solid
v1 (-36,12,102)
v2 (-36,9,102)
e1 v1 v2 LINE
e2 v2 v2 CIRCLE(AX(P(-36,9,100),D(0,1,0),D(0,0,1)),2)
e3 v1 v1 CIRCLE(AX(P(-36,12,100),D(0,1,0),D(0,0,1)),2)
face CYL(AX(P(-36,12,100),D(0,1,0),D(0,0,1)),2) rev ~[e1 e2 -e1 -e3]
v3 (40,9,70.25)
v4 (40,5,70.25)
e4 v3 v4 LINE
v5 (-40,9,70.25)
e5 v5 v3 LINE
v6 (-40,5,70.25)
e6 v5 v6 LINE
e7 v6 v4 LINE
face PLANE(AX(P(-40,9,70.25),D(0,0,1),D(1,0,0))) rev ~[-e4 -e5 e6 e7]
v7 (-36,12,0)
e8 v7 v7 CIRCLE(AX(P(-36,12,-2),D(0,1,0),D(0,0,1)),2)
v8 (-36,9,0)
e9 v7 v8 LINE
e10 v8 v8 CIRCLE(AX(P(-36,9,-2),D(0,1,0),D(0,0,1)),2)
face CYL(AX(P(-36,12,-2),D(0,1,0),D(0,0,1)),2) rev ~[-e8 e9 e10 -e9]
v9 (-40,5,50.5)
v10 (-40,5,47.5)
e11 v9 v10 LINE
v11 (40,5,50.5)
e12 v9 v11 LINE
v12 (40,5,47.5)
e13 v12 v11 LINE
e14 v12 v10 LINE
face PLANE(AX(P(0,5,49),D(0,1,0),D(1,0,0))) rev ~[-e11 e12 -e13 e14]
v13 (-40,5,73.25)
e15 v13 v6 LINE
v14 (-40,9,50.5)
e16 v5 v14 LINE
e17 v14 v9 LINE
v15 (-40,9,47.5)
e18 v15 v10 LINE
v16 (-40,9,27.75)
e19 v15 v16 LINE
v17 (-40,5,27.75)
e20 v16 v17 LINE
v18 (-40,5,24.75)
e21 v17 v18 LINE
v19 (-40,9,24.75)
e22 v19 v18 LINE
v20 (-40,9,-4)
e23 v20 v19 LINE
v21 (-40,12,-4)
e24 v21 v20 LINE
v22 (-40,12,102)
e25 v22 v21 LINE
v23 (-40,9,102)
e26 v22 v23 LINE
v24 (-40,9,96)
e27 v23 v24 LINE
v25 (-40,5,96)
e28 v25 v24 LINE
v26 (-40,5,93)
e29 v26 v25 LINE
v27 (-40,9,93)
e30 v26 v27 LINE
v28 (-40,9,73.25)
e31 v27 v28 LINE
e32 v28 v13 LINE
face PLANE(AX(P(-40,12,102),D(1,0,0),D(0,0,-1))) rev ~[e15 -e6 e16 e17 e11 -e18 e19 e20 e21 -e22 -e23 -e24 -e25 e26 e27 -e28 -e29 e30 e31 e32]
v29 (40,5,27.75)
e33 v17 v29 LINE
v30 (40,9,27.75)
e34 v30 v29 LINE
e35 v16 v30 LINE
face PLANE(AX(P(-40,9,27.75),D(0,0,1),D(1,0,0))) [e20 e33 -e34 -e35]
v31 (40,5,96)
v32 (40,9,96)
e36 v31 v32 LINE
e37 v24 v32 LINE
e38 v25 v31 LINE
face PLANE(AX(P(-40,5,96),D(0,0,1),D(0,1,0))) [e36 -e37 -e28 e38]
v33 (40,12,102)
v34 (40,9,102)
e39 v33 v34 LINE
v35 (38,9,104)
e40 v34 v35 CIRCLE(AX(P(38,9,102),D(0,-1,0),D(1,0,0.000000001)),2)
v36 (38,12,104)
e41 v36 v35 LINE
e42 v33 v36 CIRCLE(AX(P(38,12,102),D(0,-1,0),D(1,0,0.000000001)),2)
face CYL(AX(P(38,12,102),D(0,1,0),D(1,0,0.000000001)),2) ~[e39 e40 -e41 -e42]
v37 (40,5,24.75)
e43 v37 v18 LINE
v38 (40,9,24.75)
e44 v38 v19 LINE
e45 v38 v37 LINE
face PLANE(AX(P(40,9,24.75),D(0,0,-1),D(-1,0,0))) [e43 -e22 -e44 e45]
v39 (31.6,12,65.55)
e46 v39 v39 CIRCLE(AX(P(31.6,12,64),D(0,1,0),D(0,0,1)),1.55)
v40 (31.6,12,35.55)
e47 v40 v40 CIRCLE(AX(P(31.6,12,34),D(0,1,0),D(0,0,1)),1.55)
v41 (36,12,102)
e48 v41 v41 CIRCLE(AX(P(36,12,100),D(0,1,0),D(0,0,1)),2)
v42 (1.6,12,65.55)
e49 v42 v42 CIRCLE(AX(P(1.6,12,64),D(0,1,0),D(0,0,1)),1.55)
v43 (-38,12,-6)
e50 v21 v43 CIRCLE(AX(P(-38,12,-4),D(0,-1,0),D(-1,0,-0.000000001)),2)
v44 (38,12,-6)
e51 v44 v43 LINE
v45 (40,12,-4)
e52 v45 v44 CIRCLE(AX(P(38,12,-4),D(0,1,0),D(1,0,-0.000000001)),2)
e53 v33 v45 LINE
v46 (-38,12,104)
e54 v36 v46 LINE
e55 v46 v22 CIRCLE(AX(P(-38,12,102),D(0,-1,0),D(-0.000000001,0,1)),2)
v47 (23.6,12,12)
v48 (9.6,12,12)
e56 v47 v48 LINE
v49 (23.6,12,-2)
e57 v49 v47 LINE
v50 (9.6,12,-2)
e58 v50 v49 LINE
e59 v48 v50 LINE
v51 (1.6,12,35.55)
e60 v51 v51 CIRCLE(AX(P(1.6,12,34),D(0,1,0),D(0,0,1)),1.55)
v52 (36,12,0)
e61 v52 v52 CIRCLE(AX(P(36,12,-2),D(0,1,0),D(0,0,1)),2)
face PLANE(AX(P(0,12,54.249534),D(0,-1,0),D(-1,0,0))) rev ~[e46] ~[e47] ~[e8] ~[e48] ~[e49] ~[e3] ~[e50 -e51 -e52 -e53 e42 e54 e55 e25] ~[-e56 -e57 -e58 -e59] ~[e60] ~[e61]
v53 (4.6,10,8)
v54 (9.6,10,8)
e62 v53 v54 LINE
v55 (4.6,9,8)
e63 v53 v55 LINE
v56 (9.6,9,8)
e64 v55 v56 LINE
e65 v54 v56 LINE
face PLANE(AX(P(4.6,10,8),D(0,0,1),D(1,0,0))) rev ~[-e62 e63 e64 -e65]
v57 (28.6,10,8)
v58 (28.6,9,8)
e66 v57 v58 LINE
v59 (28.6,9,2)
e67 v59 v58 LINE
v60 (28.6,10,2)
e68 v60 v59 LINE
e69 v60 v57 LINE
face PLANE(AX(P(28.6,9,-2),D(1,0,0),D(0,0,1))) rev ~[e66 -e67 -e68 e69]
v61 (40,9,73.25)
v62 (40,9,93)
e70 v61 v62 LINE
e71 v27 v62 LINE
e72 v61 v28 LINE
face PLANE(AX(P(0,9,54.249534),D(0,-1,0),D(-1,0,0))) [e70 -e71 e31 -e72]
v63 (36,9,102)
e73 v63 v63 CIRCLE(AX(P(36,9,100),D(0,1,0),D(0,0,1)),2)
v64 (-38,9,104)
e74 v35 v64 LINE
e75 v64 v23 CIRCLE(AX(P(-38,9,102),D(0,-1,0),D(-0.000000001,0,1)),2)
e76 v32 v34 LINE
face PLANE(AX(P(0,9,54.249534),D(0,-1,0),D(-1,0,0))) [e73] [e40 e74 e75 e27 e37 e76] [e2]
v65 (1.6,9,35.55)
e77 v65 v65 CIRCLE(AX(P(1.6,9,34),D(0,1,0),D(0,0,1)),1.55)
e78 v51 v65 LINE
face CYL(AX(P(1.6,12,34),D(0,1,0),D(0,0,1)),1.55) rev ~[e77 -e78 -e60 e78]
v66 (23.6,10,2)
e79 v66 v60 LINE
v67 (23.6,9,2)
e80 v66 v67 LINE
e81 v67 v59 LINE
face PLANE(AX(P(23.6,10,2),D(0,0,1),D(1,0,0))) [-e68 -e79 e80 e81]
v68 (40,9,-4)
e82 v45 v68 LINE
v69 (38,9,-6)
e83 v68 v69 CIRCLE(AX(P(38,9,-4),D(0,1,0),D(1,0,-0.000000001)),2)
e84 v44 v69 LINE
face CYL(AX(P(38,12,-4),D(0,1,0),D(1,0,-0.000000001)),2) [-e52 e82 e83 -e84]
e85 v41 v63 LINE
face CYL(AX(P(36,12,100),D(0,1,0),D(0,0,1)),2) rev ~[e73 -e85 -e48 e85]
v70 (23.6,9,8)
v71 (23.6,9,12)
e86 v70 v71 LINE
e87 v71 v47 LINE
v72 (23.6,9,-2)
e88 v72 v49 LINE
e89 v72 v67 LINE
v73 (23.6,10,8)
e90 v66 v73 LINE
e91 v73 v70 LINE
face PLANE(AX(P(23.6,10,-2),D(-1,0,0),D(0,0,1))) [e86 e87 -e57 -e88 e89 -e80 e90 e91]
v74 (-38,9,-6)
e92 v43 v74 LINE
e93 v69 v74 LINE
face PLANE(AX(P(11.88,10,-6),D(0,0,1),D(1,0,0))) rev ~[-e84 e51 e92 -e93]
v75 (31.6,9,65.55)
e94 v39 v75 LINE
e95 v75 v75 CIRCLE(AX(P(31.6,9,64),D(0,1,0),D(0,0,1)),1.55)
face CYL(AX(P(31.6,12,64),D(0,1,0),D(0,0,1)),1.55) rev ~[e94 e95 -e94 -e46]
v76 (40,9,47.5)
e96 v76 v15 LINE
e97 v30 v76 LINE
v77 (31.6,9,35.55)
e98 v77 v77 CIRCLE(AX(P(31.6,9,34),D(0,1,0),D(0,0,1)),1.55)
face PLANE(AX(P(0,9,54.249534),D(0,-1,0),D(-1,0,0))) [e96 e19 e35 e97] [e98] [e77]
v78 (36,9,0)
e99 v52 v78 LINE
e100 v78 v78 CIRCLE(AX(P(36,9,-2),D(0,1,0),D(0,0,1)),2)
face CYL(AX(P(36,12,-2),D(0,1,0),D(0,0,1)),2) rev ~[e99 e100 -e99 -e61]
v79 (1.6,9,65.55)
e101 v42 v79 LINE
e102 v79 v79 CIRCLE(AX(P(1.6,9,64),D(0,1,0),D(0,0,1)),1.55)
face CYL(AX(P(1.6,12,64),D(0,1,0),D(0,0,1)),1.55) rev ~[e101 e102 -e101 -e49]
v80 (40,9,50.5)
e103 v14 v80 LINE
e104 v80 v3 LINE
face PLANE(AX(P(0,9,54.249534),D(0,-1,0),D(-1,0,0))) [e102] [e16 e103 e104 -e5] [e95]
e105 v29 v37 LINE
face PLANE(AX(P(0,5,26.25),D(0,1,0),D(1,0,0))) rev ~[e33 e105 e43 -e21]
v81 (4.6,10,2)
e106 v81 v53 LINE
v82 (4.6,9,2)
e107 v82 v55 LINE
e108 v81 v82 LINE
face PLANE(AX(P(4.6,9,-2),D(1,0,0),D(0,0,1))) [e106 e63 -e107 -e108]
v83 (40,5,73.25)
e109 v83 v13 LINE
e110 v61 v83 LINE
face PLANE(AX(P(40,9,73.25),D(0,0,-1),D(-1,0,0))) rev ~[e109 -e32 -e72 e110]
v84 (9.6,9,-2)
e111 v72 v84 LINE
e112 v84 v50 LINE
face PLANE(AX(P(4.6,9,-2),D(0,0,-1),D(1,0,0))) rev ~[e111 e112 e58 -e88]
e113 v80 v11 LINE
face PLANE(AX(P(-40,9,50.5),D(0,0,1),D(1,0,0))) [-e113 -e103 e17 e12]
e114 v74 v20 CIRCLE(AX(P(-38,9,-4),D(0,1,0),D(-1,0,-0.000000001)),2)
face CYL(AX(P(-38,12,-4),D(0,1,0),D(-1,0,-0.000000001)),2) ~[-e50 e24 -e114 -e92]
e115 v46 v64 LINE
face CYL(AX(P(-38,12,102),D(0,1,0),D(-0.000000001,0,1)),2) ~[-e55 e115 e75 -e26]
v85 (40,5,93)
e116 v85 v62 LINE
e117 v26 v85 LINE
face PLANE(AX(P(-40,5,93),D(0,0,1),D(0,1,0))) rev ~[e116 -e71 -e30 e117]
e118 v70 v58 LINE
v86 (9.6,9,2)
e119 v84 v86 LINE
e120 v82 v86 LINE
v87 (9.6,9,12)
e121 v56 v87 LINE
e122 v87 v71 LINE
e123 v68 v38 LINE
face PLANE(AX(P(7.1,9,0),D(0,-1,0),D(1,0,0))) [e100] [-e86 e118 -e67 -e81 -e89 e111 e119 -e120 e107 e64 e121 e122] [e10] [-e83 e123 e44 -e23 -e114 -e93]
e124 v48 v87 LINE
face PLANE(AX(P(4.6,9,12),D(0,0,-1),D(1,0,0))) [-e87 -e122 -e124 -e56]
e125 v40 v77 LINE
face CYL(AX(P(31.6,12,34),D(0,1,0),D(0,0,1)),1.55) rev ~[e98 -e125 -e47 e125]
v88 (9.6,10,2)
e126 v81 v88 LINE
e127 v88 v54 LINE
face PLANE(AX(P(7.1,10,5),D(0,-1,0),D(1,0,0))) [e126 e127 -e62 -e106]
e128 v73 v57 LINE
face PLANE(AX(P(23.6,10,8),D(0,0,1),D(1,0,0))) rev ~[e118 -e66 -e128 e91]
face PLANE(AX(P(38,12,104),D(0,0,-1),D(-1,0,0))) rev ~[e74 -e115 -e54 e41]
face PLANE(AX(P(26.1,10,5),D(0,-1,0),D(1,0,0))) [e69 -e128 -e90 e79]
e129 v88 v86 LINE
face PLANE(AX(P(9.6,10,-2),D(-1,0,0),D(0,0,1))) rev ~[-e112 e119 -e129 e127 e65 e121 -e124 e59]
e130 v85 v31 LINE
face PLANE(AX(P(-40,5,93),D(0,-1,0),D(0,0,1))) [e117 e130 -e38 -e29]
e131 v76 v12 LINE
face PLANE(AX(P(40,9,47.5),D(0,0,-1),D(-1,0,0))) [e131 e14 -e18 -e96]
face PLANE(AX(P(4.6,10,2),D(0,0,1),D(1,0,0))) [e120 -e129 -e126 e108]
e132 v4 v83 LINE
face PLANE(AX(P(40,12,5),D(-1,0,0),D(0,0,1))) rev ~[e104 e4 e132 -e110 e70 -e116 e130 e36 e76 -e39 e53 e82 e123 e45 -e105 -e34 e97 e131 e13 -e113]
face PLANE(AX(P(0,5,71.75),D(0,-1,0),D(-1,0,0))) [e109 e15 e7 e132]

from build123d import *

# Parameters (mm, degrees)
EXTRUDE_1_DEPTH      = 12
CUT_EXTRUDE_1_DEPTH  = 12
SKETCH_3_R           = 2
CUT_EXTRUDE_2_DEPTH  = 12
CUT_EXTRUDE_3_DEPTH  = 1
SKETCH_5_W           = 80
SKETCH_5_H           = 4
CUT_EXTRUDE_4_DEPTH  = 20
EXTRUDE_2_DEPTH      = 1
SKETCH_7_W           = 0.2
SKETCH_7_H           = 8
CUT_EXTRUDE_5_DEPTH  = 1
SKETCH_8_R           = 2
EXTRUDE_3_DEPTH      = 4
SKETCH_9_W           = 80
SKETCH_9_H           = 9
CUT_EXTRUDE_6_DEPTH  = 14
SKETCH_10_W          = 9.44
SKETCH_10_H          = 1
CUT_EXTRUDE_7_DEPTH  = 14
SKETCH_11_W          = 9.44
SKETCH_11_H          = 1
EXTRUDE_4_DEPTH      = 8
CUT_EXTRUDE_8_DEPTH  = 8
SKETCH_13_W          = 80
SKETCH_13_H          = 3
EXTRUDE_5_DEPTH      = 7
SKETCH_14_R          = 1.6
EXTRUDE_7_DEPTH      = 3
SKETCH_16_W          = 3
SKETCH_16_H          = 4
EXTRUDE_8_DEPTH      = 80
SKETCH_17_R          = 1.55
CUT_EXTRUDE_11_DEPTH = 7
SKETCH_21_R          = 2
CUT_EXTRUDE_12_DEPTH = 7
EXTRUDE_9_DEPTH      = 4
SKETCH_23_W          = 3
SKETCH_23_H          = 4
CUT_EXTRUDE_13_DEPTH = 200
CUT_EXTRUDE_15_DEPTH = 5
SKETCH_25_W          = 9.44
SKETCH_25_H          = 4
CUT_EXTRUDE_16_DEPTH = 5
SKETCH_26_W          = 9.44
SKETCH_26_H          = 4
EXTRUDE_10_DEPTH     = 2
SKETCH_27_W          = 9.44
SKETCH_27_H          = 4
EXTRUDE_11_DEPTH     = 1
SKETCH_28_W          = 5
SKETCH_28_H          = 14
CUT_EXTRUDE_17_DEPTH = 1
SKETCH_29_W          = 5
SKETCH_29_H          = 4
EXTRUDE_12_DEPTH     = 1


with BuildPart() as part:
    # 草图1 → 凸台-拉伸1 (new body)
    with BuildSketch(Plane(origin=(0, 0, 0), x_dir=(1, 0, 0), z_dir=(0, 1, 0))):
        Polygon((-40, -6), (0, -6), (40, -6), (40, 0), (40, 6), (0, 6), (-36, 6), (-40, 6), align=None)
    extrude(amount=EXTRUDE_1_DEPTH)

    # 草图2 → 切除-拉伸1 (cut)
    with BuildSketch(Plane.XY.offset(6)):
        Polygon((-28, 0), (0, 0), (28, 0), (28, 4), (28, 8), (-28, 8), (-28, 4), align=None)
        Polygon((-40, 4), (-32, 4), (-32, 8), (-32, 12), (-40, 12), align=None)
        Polygon((32, 8), (32, 4), (40, 4), (40, 12), (32, 12), align=None)
    extrude(amount=-CUT_EXTRUDE_1_DEPTH, mode=Mode.SUBTRACT)

    # 草图3 → 切除-拉伸2 (cut)
    with BuildSketch(Plane(origin=(0, 12, 0), x_dir=(1, 0, 0), z_dir=(0, 1, 0))):
        with BuildLine():
            Line((-40, 6), (-40, 4))
            ThreePointArc((-40, 4), (-39.414213562, 5.414213562), (-38, 6))
            Line((-38, 6), (-40, 6))
        make_face()
        with Locations(Location((-36, 2, 0), (0, 0, 270))):
            Circle(SKETCH_3_R)
        with BuildLine():
            ThreePointArc((40, 4), (39.414213562, 5.414213562), (38, 6))
            Line((38, 6), (40, 6))
            Line((40, 6), (40, 4))
        make_face()
        with Locations(Location((36, 2, 0), (0, 0, 270))):
            Circle(SKETCH_3_R)
    extrude(amount=-CUT_EXTRUDE_2_DEPTH, mode=Mode.SUBTRACT)

    # 草图4 → 切除-拉伸3 (cut)
    with BuildSketch(Plane(origin=(0, 12, 0), x_dir=(1, 0, 0), z_dir=(0, 1, 0))):
        Polygon((-21.1, 0), (-21.1, 6), (-16.6, 6), (-12.1, 6), (12.08, 6), (16.6, 6), (21.12, 6), (21.12, -1), (21.12, -6), (16.6, -6), (12.08, -6), (12.08, -1), (12.08, 0), (-12.1, 0), (-12.1, -6), (-16.6, -6), (-21.1, -6), align=None)
    extrude(amount=-CUT_EXTRUDE_3_DEPTH, mode=Mode.SUBTRACT)

    # 草图5 → 切除-拉伸4 (cut)
    with BuildSketch(Plane(origin=(0, 12, 0), x_dir=(1, 0, 0), z_dir=(0, 1, 0))):
        with Locations((0, -4)):
            Rectangle(SKETCH_5_W, SKETCH_5_H)
    extrude(amount=-CUT_EXTRUDE_4_DEPTH, mode=Mode.SUBTRACT)

    # 草图6 → 凸台-拉伸2 (add)
    with BuildSketch(Plane(origin=(0, 12, 0), x_dir=(1, 0, 0), z_dir=(0, 1, 0))):
        Polygon((12.08, 0), (12.08, 6), (-21.1, 6), (-21.1, -2), (-12.1, -2), (-12.1, 0), align=None)
    extrude(amount=-EXTRUDE_2_DEPTH)

    # 草图7 → 切除-拉伸5 (cut)
    with BuildSketch(Plane(origin=(0, 12, 0), x_dir=(1, 0, 0), z_dir=(0, 1, 0))):
        with Locations((21.22, 2)):
            Rectangle(SKETCH_7_W, SKETCH_7_H)
        with Locations((11.98, 2)):
            Rectangle(SKETCH_7_W, SKETCH_7_H)
    extrude(amount=-CUT_EXTRUDE_5_DEPTH, mode=Mode.SUBTRACT)

    # 草图8 → 凸台-拉伸3 (add)
    # profile 1 of 2: a face of its own
    with BuildSketch(Plane(origin=(0, 12, 0), x_dir=(1, 0, 0), z_dir=(0, 1, 0))):
        with BuildLine():
            Line((-32, -2), (-40, -2))
            Line((-40, -2), (-40, 4))
            ThreePointArc((-40, 4), (-39.414213562, 5.414213562), (-38, 6))
            Line((-38, 6), (-32, 6))
            Line((-32, 6), (-32, -2))
        make_face()
        with Locations(Location((-36, 2, 0), (0, 0, 270))):
            Circle(SKETCH_8_R, mode=Mode.SUBTRACT)
    # profile 2 of 2: a face of its own
    with BuildSketch(Plane(origin=(0, 12, 0), x_dir=(1, 0, 0), z_dir=(0, 1, 0))):
        with BuildLine():
            Line((32, -2), (40, -2))
            Line((40, -2), (40, 4))
            ThreePointArc((40, 4), (39.414213562, 5.414213562), (38, 6))
            Line((38, 6), (32, 6))
            Line((32, 6), (32, -2))
        make_face()
        with Locations(Location((36, 2, 0), (0, 0, 270))):
            Circle(SKETCH_8_R, mode=Mode.SUBTRACT)
    extrude(amount=-EXTRUDE_3_DEPTH)

    # 草图9 → 切除-拉伸6 (cut)
    with BuildSketch(Plane.XY.offset(2)):
        with Locations((0, 4.5)):
            Rectangle(SKETCH_9_W, SKETCH_9_H)
    extrude(amount=-CUT_EXTRUDE_6_DEPTH, mode=Mode.SUBTRACT)

    # 草图10 → 切除-拉伸7 (cut)
    with BuildSketch(Plane(origin=(0, 0, -6), x_dir=(-1, 0, 0), z_dir=(0, 0, -1))):
        with Locations((-16.6, 9.5)):
            Rectangle(SKETCH_10_W, SKETCH_10_H)
    extrude(amount=-CUT_EXTRUDE_7_DEPTH, mode=Mode.SUBTRACT)

    # 草图11 → 凸台-拉伸4 (add)
    with BuildSketch(Plane(origin=(0, 0, -6), x_dir=(-1, 0, 0), z_dir=(0, 0, -1))):
        with Locations((-16.6, 11.5)):
            Rectangle(SKETCH_11_W, SKETCH_11_H)
    extrude(amount=-EXTRUDE_4_DEPTH)

    # 草图12 → 切除-拉伸8 (cut)
    with BuildSketch(Plane.XZ.offset(-9)):
        with BuildLine():
            ThreePointArc((21.05, -2.72), (18.302941274, 1.39126392), (13.453374824, 0.426625176))
            Line((13.453374824, 0.426625176), (19.746625176, -5.866625176))
            ThreePointArc((19.746625176, -5.866625176), (20.71126392, -4.422941274), (21.05, -2.72))
        make_face()
        with BuildLine():
            Line((19.746625176, -5.866625176), (13.453374824, 0.426625176))
            ThreePointArc((13.453374824, 0.426625176), (13.453374824, -5.866625176), (19.746625176, -5.866625176))
        make_face()
    extrude(amount=-CUT_EXTRUDE_8_DEPTH, mode=Mode.SUBTRACT)

    # 草图13 → 凸台-拉伸5 (add)
    with BuildSketch(Plane(origin=(0, 12, 0), x_dir=(1, 0, 0), z_dir=(0, 1, 0))):
        with Locations((0, -3.5)):
            Rectangle(SKETCH_13_W, SKETCH_13_H)
    extrude(amount=-EXTRUDE_5_DEPTH)

    # 草图14 → 凸台-拉伸7 (add)
    with BuildSketch(Plane(origin=(0, 12, 0), x_dir=(1, 0, 0), z_dir=(0, 1, 0))):
        with BuildLine():
            Line((-40, -100), (-40, -5))
            Line((-40, -5), (40, -5))
            Line((40, -5), (40, -100))
            Line((40, -100), (40, -102))
            ThreePointArc((40, -102), (39.414213562, -103.414213562), (38, -104))
            Line((38, -104), (36, -104))
            Line((36, -104), (-36, -104))
            Line((-36, -104), (-38, -104))
            ThreePointArc((-38, -104), (-39.414213562, -103.414213562), (-40, -102))
            Line((-40, -102), (-40, -100))
        make_face()
        with Locations(Location((-36, -100, 0), (0, 0, 270))):
            Circle(SKETCH_14_R, mode=Mode.SUBTRACT)
        with Locations(Location((36, -100, 0), (0, 0, 270))):
            Circle(SKETCH_14_R, mode=Mode.SUBTRACT)
    extrude(amount=-EXTRUDE_7_DEPTH)

    # 草图16 → 凸台-拉伸8 (add)
    with BuildSketch(Plane.ZY.offset(40)):
        with Locations((94.5, 7)):
            Rectangle(SKETCH_16_W, SKETCH_16_H)
    extrude(amount=-EXTRUDE_8_DEPTH)

    # 草图17 → 切除-拉伸11 (cut)
    with BuildSketch(Plane(origin=(0, 12, 0), x_dir=(1, 0, 0), z_dir=(0, 1, 0))):
        with Locations(Location((1.6, -34, 0), (0, 0, 270))):
            Circle(SKETCH_17_R)
        with Locations(Location((31.6, -34, 0), (0, 0, 270))):
            Circle(SKETCH_17_R)
        with Locations(Location((31.6, -64, 0), (0, 0, 270))):
            Circle(SKETCH_17_R)
        with Locations(Location((1.6, -64, 0), (0, 0, 270))):
            Circle(SKETCH_17_R)
    extrude(amount=-CUT_EXTRUDE_11_DEPTH, mode=Mode.SUBTRACT)

    # 草图21 → 切除-拉伸12 (cut)
    with BuildSketch(Plane(origin=(0, 12, 0), x_dir=(1, 0, 0), z_dir=(0, 1, 0))):
        with Locations(Location((-36, -100, 0), (0, 0, 270))):
            Circle(SKETCH_21_R)
        with Locations(Location((36, -100, 0), (0, 0, 270))):
            Circle(SKETCH_21_R)
    extrude(amount=-CUT_EXTRUDE_12_DEPTH, mode=Mode.SUBTRACT)

    # 草图22 → 凸台-拉伸9 (add)
    with BuildSketch(Plane(origin=(0, 9, 0), x_dir=(-1, 0, 0), z_dir=(0, -1, 0))):
        Polygon((40, -49), (40, -50.5), (-40, -50.5), (-40, -49), (-40, -47.5), (40, -47.5), align=None)
        Polygon((40, -26.25), (40, -27.75), (-40, -27.75), (-40, -24.75), (40, -24.75), align=None)
        Polygon((-40, -71.75), (-40, -73.25), (40, -73.25), (40, -70.25), (-40, -70.25), align=None)
    extrude(amount=EXTRUDE_9_DEPTH)

    # 草图23 → 切除-拉伸13 (cut)
    with BuildSketch(Plane.ZY.offset(40)):
        with Locations((3.5, 7)):
            Rectangle(SKETCH_23_W, SKETCH_23_H)
    extrude(amount=-CUT_EXTRUDE_13_DEPTH, mode=Mode.SUBTRACT)

    # 草图24 → 切除-拉伸15 (cut)
    with BuildSketch(Plane.XZ.offset(-9)):
        Polygon((11.88, -2), (11.88, 2), (16.6, 2), (16.6, 12), (9.6, 12), (9.6, -2), align=None)
        Polygon((16.6, 12), (16.6, 2), (21.32, 2), (21.32, -2), (23.6, -2), (23.6, 12), align=None)
    extrude(amount=-CUT_EXTRUDE_15_DEPTH, mode=Mode.SUBTRACT)

    # 草图25 → 切除-拉伸16 (cut)
    with BuildSketch(Plane(origin=(0, 10, 0), x_dir=(-1, 0, 0), z_dir=(0, -1, 0))):
        with Locations((-16.6, 0)):
            Rectangle(SKETCH_25_W, SKETCH_25_H)
    extrude(amount=-CUT_EXTRUDE_16_DEPTH, mode=Mode.SUBTRACT)

    # 草图26 → 凸台-拉伸10 (add)
    with BuildSketch(Plane(origin=(0, 10, 0), x_dir=(-1, 0, 0), z_dir=(0, -1, 0))):
        with Locations((-16.6, 4)):
            Rectangle(SKETCH_26_W, SKETCH_26_H)
    extrude(amount=-EXTRUDE_10_DEPTH)

    # 草图27 → 凸台-拉伸11 (add)
    with BuildSketch(Plane.XZ.offset(-10)):
        with Locations((16.6, -4)):
            Rectangle(SKETCH_27_W, SKETCH_27_H)
    extrude(amount=EXTRUDE_11_DEPTH)

    # 草图28 → 切除-拉伸17 (cut)
    with BuildSketch(Plane.XZ.offset(-9)):
        with Locations((7.1, 5)):
            Rectangle(SKETCH_28_W, SKETCH_28_H)
        with Locations((26.1, 5)):
            Rectangle(SKETCH_28_W, SKETCH_28_H)
    extrude(amount=-CUT_EXTRUDE_17_DEPTH, mode=Mode.SUBTRACT)

    # 草图29 → 凸台-拉伸12 (add)
    with BuildSketch(Plane.XZ.offset(-10)):
        with Locations((7.1, 0)):
            Rectangle(SKETCH_29_W, SKETCH_29_H)
        with Locations((26.1, 10)):
            Rectangle(SKETCH_29_W, SKETCH_29_H)
        with Locations((26.1, 0)):
            Rectangle(SKETCH_29_W, SKETCH_29_H)
        with Locations((7.1, 10)):
            Rectangle(SKETCH_29_W, SKETCH_29_H)
    extrude(amount=EXTRUDE_12_DEPTH)


solid = part.part
